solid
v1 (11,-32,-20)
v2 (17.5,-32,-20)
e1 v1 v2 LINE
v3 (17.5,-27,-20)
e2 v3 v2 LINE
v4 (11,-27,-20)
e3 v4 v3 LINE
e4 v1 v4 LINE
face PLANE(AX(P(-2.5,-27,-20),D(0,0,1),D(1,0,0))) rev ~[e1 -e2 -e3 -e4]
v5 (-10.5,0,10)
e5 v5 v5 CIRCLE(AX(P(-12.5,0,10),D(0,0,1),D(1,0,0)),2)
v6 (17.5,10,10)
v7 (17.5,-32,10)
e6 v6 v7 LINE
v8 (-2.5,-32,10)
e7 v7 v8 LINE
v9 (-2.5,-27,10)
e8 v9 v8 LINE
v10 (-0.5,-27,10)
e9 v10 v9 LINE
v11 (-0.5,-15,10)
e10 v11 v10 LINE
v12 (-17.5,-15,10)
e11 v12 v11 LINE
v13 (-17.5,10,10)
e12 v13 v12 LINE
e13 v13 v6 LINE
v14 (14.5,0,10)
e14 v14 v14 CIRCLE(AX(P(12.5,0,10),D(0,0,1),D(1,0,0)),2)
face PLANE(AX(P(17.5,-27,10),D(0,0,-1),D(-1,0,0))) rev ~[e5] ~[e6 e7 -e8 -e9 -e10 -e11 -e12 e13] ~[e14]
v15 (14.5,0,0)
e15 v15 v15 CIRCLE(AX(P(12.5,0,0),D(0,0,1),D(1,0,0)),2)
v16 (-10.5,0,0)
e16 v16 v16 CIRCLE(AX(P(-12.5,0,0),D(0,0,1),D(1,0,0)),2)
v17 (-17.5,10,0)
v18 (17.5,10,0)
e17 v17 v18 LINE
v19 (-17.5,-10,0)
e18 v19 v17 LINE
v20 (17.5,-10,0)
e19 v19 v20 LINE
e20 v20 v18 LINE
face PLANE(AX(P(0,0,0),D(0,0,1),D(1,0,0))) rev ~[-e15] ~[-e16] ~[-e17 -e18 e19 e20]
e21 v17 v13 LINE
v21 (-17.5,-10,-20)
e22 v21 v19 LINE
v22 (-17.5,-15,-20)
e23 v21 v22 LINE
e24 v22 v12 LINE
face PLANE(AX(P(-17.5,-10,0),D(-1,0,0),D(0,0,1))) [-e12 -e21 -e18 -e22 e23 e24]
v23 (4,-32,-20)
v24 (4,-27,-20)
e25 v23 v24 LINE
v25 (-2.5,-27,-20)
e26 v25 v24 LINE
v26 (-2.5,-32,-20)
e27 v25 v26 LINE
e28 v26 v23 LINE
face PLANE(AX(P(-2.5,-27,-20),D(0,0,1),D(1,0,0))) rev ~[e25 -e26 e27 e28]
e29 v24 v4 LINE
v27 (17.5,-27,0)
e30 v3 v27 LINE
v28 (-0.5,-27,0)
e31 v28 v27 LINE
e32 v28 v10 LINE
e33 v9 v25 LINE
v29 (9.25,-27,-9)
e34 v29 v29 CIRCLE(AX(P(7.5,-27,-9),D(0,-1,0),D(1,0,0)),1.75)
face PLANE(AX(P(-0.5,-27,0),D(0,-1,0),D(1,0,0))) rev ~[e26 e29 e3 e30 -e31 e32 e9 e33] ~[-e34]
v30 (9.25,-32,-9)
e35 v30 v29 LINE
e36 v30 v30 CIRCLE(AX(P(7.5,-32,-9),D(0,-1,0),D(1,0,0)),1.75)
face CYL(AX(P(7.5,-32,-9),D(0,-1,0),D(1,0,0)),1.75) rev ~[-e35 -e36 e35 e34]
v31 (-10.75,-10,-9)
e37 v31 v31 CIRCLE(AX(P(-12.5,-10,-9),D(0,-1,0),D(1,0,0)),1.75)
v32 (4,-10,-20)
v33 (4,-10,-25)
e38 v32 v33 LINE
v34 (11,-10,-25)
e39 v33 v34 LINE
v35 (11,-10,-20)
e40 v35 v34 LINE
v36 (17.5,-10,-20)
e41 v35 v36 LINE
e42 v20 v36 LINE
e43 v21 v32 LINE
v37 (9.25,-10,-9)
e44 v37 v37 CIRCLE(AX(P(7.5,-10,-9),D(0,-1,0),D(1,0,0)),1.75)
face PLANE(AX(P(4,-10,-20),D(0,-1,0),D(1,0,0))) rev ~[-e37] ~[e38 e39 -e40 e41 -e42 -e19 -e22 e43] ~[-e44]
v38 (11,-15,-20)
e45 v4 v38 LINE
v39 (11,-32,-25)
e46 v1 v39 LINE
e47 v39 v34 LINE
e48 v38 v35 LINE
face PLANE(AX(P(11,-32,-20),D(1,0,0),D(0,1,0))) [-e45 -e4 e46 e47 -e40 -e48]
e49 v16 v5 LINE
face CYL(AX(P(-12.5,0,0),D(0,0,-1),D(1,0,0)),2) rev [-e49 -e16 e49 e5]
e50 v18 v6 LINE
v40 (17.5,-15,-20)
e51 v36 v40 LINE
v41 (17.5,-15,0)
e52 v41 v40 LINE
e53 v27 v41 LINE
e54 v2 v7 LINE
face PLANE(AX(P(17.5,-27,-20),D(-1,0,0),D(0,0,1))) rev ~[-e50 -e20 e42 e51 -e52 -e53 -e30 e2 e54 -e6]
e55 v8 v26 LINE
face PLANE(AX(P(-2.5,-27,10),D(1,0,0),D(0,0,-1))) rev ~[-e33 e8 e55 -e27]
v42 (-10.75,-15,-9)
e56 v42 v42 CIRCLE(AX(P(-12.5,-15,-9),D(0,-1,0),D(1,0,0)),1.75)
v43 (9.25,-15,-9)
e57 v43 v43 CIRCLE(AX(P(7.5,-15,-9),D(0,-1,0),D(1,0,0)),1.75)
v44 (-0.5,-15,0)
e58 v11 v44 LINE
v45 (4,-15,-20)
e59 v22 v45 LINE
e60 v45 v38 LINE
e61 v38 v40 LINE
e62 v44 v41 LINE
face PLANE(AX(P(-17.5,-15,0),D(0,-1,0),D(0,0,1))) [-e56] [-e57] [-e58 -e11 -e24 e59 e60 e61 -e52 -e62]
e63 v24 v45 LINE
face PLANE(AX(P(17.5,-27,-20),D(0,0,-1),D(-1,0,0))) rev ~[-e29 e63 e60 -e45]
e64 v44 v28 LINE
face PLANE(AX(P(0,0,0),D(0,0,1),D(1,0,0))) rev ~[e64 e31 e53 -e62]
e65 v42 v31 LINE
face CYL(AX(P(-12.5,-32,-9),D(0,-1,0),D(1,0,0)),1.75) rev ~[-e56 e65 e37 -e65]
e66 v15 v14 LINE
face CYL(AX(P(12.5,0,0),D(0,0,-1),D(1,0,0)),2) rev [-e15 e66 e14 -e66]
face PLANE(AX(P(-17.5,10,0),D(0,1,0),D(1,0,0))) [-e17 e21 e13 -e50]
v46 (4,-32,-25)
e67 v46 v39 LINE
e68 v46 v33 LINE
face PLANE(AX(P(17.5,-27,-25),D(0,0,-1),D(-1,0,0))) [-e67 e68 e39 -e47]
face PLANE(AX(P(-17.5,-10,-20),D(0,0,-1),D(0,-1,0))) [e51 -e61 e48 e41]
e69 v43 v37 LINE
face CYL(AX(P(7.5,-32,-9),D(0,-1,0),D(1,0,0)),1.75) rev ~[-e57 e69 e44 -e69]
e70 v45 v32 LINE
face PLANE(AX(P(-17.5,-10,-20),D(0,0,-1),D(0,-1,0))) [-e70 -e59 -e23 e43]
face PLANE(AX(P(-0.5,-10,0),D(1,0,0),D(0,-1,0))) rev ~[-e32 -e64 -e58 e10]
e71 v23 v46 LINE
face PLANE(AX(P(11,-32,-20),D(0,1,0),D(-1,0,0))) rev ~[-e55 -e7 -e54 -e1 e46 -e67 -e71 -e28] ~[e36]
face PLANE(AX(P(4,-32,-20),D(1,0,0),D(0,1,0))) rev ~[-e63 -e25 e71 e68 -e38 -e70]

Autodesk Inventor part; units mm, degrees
ref_plane "YZ Plane" through (0, 0, 0) normal (1, 0, 0) x (0, 1, 0)
ref_plane "XZ Plane" through (0, 0, 0) normal (0, 1, 0) x (-1, 0, 0)
ref_plane "XY Plane" through (0, 0, 0) normal (0, 0, 1) x (1, 0, 0)
sketch "Boceto1" plane through (0, 0, 0) normal (0, 0, 1) x (1, 0, 0)
  line L0 (-17.5, 10) -> (17.5, 10)
  line L1 (17.5, 10) -> (17.5, -10)
  line L2 (17.5, -10) -> (-17.5, -10)
  line L3 (-17.5, -10) -> (-17.5, 10)
  line L4 (0, 0) -> (0, 1.7227)
  line L5 (0, 0) -> (-2.1619, 0)
  line L6 (17.5, -10) -> (-0.5, -10)
  line L7 (-0.5, -10) -> (-0.5, -27)
  line L8 (-0.5, -27) -> (17.5, -27)
  line L9 (17.5, -27) -> (17.5, -10)
  circle A0 centre (12.5, 0) radius 2
  circle A1 centre (-12.5, 0) radius 2
  point P0 (-0.5, -10)
  dimension "d14" = 35
  dimension "d15" = 20
  dimension "d16" = 18
  dimension "d17" = 17
  dimension "d18" = 4
  dimension "d19" = 4
  dimension "d20" = 5
  dimension "d21" = 5
extrude "Extrusión1" add sketch "Boceto1" along normal blind 10
sketch "Boceto2" plane through (-0.5, -27, 0) normal (0, -1, 0) x (1, 0, 0)
  line L0 (18, 10) -> (-17, 10) projected
  line L1 (18, 10) -> (-2, 10)
  line L2 (-2, 10) -> (-2, -20)
  line L3 (-2, -20) -> (18, -20)
  line L4 (18, -20) -> (18, 10)
  point P0 (0.5, 0)
  point P1 (-2, 10)
  dimension "d22" = 30
  dimension "d53" = 20
extrude "Extrusión2" add sketch "Boceto2" along normal blind 5
sketch "Boceto4" plane through (-17.5, -10, 0) normal (-1, 0, 0) x (0, 0, 1)
  line L0 (0, 0) -> (0, -17) projected
  line L1 (10, 20) -> (10, 0) projected
  line L2 (10, 0) -> (-20, 0)
  line L3 (-20, 0) -> (-20, -5)
  line L4 (-20, -5) -> (10, -5)
  line L5 (10, -5) -> (10, 0)
  line L6 (10, -22) -> (-20, -22) projected
  point P0 (0, 10)
  dimension "d32" = 5
  dimension "d43" = 30
  dimension "d44" = 30
extrude "Extrusión4" add sketch "Boceto4" against normal up to surface (35 mm away)
sketch "Boceto5" plane through (-0.5, -32, 0) normal (0, -1, 0) x (1, 0, 0)
  circle A0 centre (8, -9) radius 1.75
  line L0 (18, -20) -> (18, 10) projected
  circle A1 centre (-12, -9) radius 1.75
  line L1 (-2, -20) -> (18, -20) projected
  line L2 (-17, -20) -> (18, -20) projected
  line L3 (-17, -20) -> (-17, 10) projected
  line L4 (-17, 0) -> (18, 0) projected
  point P0 (0.5, 0)
  point P1 (0, 0)
  dimension "d33" = 3.5
  dimension "d34" = 10
  dimension "d37" = 3.5
  dimension "d38" = 5
  dimension "d41" = 9
  dimension "d42" = 9
extrude "Extrusión5" cut sketch "Boceto5" against normal up to surface (22 mm away) contours A0 | A1
sketch "Boceto7" plane through (17.5, -27, -20) normal (0, 0, -1) x (-1, 0, 0)
  line L0 (0, -5) -> (20, -5) projected
  line L1 (35, 17) -> (0, 17) projected
  line L2 (10, -5) -> (10, -5.3641)
  line L3 (13.5, -5) -> (13.5, 17)
  line L4 (6.5, -5) -> (6.5, 17)
  point P0 (17.5, 27)
  dimension "d47" = 7
extrude "Extrusión7" add sketch "Boceto7" along normal blind 5
equation "\"d19\" = d18"
equation "\"d20\" = d21"
equation "\"d44\" = d43"
equation "\"d37\" = d33"
properties part number "Soporte Idler Z" material "Hormigón reforzado con fibra de vidrio"
